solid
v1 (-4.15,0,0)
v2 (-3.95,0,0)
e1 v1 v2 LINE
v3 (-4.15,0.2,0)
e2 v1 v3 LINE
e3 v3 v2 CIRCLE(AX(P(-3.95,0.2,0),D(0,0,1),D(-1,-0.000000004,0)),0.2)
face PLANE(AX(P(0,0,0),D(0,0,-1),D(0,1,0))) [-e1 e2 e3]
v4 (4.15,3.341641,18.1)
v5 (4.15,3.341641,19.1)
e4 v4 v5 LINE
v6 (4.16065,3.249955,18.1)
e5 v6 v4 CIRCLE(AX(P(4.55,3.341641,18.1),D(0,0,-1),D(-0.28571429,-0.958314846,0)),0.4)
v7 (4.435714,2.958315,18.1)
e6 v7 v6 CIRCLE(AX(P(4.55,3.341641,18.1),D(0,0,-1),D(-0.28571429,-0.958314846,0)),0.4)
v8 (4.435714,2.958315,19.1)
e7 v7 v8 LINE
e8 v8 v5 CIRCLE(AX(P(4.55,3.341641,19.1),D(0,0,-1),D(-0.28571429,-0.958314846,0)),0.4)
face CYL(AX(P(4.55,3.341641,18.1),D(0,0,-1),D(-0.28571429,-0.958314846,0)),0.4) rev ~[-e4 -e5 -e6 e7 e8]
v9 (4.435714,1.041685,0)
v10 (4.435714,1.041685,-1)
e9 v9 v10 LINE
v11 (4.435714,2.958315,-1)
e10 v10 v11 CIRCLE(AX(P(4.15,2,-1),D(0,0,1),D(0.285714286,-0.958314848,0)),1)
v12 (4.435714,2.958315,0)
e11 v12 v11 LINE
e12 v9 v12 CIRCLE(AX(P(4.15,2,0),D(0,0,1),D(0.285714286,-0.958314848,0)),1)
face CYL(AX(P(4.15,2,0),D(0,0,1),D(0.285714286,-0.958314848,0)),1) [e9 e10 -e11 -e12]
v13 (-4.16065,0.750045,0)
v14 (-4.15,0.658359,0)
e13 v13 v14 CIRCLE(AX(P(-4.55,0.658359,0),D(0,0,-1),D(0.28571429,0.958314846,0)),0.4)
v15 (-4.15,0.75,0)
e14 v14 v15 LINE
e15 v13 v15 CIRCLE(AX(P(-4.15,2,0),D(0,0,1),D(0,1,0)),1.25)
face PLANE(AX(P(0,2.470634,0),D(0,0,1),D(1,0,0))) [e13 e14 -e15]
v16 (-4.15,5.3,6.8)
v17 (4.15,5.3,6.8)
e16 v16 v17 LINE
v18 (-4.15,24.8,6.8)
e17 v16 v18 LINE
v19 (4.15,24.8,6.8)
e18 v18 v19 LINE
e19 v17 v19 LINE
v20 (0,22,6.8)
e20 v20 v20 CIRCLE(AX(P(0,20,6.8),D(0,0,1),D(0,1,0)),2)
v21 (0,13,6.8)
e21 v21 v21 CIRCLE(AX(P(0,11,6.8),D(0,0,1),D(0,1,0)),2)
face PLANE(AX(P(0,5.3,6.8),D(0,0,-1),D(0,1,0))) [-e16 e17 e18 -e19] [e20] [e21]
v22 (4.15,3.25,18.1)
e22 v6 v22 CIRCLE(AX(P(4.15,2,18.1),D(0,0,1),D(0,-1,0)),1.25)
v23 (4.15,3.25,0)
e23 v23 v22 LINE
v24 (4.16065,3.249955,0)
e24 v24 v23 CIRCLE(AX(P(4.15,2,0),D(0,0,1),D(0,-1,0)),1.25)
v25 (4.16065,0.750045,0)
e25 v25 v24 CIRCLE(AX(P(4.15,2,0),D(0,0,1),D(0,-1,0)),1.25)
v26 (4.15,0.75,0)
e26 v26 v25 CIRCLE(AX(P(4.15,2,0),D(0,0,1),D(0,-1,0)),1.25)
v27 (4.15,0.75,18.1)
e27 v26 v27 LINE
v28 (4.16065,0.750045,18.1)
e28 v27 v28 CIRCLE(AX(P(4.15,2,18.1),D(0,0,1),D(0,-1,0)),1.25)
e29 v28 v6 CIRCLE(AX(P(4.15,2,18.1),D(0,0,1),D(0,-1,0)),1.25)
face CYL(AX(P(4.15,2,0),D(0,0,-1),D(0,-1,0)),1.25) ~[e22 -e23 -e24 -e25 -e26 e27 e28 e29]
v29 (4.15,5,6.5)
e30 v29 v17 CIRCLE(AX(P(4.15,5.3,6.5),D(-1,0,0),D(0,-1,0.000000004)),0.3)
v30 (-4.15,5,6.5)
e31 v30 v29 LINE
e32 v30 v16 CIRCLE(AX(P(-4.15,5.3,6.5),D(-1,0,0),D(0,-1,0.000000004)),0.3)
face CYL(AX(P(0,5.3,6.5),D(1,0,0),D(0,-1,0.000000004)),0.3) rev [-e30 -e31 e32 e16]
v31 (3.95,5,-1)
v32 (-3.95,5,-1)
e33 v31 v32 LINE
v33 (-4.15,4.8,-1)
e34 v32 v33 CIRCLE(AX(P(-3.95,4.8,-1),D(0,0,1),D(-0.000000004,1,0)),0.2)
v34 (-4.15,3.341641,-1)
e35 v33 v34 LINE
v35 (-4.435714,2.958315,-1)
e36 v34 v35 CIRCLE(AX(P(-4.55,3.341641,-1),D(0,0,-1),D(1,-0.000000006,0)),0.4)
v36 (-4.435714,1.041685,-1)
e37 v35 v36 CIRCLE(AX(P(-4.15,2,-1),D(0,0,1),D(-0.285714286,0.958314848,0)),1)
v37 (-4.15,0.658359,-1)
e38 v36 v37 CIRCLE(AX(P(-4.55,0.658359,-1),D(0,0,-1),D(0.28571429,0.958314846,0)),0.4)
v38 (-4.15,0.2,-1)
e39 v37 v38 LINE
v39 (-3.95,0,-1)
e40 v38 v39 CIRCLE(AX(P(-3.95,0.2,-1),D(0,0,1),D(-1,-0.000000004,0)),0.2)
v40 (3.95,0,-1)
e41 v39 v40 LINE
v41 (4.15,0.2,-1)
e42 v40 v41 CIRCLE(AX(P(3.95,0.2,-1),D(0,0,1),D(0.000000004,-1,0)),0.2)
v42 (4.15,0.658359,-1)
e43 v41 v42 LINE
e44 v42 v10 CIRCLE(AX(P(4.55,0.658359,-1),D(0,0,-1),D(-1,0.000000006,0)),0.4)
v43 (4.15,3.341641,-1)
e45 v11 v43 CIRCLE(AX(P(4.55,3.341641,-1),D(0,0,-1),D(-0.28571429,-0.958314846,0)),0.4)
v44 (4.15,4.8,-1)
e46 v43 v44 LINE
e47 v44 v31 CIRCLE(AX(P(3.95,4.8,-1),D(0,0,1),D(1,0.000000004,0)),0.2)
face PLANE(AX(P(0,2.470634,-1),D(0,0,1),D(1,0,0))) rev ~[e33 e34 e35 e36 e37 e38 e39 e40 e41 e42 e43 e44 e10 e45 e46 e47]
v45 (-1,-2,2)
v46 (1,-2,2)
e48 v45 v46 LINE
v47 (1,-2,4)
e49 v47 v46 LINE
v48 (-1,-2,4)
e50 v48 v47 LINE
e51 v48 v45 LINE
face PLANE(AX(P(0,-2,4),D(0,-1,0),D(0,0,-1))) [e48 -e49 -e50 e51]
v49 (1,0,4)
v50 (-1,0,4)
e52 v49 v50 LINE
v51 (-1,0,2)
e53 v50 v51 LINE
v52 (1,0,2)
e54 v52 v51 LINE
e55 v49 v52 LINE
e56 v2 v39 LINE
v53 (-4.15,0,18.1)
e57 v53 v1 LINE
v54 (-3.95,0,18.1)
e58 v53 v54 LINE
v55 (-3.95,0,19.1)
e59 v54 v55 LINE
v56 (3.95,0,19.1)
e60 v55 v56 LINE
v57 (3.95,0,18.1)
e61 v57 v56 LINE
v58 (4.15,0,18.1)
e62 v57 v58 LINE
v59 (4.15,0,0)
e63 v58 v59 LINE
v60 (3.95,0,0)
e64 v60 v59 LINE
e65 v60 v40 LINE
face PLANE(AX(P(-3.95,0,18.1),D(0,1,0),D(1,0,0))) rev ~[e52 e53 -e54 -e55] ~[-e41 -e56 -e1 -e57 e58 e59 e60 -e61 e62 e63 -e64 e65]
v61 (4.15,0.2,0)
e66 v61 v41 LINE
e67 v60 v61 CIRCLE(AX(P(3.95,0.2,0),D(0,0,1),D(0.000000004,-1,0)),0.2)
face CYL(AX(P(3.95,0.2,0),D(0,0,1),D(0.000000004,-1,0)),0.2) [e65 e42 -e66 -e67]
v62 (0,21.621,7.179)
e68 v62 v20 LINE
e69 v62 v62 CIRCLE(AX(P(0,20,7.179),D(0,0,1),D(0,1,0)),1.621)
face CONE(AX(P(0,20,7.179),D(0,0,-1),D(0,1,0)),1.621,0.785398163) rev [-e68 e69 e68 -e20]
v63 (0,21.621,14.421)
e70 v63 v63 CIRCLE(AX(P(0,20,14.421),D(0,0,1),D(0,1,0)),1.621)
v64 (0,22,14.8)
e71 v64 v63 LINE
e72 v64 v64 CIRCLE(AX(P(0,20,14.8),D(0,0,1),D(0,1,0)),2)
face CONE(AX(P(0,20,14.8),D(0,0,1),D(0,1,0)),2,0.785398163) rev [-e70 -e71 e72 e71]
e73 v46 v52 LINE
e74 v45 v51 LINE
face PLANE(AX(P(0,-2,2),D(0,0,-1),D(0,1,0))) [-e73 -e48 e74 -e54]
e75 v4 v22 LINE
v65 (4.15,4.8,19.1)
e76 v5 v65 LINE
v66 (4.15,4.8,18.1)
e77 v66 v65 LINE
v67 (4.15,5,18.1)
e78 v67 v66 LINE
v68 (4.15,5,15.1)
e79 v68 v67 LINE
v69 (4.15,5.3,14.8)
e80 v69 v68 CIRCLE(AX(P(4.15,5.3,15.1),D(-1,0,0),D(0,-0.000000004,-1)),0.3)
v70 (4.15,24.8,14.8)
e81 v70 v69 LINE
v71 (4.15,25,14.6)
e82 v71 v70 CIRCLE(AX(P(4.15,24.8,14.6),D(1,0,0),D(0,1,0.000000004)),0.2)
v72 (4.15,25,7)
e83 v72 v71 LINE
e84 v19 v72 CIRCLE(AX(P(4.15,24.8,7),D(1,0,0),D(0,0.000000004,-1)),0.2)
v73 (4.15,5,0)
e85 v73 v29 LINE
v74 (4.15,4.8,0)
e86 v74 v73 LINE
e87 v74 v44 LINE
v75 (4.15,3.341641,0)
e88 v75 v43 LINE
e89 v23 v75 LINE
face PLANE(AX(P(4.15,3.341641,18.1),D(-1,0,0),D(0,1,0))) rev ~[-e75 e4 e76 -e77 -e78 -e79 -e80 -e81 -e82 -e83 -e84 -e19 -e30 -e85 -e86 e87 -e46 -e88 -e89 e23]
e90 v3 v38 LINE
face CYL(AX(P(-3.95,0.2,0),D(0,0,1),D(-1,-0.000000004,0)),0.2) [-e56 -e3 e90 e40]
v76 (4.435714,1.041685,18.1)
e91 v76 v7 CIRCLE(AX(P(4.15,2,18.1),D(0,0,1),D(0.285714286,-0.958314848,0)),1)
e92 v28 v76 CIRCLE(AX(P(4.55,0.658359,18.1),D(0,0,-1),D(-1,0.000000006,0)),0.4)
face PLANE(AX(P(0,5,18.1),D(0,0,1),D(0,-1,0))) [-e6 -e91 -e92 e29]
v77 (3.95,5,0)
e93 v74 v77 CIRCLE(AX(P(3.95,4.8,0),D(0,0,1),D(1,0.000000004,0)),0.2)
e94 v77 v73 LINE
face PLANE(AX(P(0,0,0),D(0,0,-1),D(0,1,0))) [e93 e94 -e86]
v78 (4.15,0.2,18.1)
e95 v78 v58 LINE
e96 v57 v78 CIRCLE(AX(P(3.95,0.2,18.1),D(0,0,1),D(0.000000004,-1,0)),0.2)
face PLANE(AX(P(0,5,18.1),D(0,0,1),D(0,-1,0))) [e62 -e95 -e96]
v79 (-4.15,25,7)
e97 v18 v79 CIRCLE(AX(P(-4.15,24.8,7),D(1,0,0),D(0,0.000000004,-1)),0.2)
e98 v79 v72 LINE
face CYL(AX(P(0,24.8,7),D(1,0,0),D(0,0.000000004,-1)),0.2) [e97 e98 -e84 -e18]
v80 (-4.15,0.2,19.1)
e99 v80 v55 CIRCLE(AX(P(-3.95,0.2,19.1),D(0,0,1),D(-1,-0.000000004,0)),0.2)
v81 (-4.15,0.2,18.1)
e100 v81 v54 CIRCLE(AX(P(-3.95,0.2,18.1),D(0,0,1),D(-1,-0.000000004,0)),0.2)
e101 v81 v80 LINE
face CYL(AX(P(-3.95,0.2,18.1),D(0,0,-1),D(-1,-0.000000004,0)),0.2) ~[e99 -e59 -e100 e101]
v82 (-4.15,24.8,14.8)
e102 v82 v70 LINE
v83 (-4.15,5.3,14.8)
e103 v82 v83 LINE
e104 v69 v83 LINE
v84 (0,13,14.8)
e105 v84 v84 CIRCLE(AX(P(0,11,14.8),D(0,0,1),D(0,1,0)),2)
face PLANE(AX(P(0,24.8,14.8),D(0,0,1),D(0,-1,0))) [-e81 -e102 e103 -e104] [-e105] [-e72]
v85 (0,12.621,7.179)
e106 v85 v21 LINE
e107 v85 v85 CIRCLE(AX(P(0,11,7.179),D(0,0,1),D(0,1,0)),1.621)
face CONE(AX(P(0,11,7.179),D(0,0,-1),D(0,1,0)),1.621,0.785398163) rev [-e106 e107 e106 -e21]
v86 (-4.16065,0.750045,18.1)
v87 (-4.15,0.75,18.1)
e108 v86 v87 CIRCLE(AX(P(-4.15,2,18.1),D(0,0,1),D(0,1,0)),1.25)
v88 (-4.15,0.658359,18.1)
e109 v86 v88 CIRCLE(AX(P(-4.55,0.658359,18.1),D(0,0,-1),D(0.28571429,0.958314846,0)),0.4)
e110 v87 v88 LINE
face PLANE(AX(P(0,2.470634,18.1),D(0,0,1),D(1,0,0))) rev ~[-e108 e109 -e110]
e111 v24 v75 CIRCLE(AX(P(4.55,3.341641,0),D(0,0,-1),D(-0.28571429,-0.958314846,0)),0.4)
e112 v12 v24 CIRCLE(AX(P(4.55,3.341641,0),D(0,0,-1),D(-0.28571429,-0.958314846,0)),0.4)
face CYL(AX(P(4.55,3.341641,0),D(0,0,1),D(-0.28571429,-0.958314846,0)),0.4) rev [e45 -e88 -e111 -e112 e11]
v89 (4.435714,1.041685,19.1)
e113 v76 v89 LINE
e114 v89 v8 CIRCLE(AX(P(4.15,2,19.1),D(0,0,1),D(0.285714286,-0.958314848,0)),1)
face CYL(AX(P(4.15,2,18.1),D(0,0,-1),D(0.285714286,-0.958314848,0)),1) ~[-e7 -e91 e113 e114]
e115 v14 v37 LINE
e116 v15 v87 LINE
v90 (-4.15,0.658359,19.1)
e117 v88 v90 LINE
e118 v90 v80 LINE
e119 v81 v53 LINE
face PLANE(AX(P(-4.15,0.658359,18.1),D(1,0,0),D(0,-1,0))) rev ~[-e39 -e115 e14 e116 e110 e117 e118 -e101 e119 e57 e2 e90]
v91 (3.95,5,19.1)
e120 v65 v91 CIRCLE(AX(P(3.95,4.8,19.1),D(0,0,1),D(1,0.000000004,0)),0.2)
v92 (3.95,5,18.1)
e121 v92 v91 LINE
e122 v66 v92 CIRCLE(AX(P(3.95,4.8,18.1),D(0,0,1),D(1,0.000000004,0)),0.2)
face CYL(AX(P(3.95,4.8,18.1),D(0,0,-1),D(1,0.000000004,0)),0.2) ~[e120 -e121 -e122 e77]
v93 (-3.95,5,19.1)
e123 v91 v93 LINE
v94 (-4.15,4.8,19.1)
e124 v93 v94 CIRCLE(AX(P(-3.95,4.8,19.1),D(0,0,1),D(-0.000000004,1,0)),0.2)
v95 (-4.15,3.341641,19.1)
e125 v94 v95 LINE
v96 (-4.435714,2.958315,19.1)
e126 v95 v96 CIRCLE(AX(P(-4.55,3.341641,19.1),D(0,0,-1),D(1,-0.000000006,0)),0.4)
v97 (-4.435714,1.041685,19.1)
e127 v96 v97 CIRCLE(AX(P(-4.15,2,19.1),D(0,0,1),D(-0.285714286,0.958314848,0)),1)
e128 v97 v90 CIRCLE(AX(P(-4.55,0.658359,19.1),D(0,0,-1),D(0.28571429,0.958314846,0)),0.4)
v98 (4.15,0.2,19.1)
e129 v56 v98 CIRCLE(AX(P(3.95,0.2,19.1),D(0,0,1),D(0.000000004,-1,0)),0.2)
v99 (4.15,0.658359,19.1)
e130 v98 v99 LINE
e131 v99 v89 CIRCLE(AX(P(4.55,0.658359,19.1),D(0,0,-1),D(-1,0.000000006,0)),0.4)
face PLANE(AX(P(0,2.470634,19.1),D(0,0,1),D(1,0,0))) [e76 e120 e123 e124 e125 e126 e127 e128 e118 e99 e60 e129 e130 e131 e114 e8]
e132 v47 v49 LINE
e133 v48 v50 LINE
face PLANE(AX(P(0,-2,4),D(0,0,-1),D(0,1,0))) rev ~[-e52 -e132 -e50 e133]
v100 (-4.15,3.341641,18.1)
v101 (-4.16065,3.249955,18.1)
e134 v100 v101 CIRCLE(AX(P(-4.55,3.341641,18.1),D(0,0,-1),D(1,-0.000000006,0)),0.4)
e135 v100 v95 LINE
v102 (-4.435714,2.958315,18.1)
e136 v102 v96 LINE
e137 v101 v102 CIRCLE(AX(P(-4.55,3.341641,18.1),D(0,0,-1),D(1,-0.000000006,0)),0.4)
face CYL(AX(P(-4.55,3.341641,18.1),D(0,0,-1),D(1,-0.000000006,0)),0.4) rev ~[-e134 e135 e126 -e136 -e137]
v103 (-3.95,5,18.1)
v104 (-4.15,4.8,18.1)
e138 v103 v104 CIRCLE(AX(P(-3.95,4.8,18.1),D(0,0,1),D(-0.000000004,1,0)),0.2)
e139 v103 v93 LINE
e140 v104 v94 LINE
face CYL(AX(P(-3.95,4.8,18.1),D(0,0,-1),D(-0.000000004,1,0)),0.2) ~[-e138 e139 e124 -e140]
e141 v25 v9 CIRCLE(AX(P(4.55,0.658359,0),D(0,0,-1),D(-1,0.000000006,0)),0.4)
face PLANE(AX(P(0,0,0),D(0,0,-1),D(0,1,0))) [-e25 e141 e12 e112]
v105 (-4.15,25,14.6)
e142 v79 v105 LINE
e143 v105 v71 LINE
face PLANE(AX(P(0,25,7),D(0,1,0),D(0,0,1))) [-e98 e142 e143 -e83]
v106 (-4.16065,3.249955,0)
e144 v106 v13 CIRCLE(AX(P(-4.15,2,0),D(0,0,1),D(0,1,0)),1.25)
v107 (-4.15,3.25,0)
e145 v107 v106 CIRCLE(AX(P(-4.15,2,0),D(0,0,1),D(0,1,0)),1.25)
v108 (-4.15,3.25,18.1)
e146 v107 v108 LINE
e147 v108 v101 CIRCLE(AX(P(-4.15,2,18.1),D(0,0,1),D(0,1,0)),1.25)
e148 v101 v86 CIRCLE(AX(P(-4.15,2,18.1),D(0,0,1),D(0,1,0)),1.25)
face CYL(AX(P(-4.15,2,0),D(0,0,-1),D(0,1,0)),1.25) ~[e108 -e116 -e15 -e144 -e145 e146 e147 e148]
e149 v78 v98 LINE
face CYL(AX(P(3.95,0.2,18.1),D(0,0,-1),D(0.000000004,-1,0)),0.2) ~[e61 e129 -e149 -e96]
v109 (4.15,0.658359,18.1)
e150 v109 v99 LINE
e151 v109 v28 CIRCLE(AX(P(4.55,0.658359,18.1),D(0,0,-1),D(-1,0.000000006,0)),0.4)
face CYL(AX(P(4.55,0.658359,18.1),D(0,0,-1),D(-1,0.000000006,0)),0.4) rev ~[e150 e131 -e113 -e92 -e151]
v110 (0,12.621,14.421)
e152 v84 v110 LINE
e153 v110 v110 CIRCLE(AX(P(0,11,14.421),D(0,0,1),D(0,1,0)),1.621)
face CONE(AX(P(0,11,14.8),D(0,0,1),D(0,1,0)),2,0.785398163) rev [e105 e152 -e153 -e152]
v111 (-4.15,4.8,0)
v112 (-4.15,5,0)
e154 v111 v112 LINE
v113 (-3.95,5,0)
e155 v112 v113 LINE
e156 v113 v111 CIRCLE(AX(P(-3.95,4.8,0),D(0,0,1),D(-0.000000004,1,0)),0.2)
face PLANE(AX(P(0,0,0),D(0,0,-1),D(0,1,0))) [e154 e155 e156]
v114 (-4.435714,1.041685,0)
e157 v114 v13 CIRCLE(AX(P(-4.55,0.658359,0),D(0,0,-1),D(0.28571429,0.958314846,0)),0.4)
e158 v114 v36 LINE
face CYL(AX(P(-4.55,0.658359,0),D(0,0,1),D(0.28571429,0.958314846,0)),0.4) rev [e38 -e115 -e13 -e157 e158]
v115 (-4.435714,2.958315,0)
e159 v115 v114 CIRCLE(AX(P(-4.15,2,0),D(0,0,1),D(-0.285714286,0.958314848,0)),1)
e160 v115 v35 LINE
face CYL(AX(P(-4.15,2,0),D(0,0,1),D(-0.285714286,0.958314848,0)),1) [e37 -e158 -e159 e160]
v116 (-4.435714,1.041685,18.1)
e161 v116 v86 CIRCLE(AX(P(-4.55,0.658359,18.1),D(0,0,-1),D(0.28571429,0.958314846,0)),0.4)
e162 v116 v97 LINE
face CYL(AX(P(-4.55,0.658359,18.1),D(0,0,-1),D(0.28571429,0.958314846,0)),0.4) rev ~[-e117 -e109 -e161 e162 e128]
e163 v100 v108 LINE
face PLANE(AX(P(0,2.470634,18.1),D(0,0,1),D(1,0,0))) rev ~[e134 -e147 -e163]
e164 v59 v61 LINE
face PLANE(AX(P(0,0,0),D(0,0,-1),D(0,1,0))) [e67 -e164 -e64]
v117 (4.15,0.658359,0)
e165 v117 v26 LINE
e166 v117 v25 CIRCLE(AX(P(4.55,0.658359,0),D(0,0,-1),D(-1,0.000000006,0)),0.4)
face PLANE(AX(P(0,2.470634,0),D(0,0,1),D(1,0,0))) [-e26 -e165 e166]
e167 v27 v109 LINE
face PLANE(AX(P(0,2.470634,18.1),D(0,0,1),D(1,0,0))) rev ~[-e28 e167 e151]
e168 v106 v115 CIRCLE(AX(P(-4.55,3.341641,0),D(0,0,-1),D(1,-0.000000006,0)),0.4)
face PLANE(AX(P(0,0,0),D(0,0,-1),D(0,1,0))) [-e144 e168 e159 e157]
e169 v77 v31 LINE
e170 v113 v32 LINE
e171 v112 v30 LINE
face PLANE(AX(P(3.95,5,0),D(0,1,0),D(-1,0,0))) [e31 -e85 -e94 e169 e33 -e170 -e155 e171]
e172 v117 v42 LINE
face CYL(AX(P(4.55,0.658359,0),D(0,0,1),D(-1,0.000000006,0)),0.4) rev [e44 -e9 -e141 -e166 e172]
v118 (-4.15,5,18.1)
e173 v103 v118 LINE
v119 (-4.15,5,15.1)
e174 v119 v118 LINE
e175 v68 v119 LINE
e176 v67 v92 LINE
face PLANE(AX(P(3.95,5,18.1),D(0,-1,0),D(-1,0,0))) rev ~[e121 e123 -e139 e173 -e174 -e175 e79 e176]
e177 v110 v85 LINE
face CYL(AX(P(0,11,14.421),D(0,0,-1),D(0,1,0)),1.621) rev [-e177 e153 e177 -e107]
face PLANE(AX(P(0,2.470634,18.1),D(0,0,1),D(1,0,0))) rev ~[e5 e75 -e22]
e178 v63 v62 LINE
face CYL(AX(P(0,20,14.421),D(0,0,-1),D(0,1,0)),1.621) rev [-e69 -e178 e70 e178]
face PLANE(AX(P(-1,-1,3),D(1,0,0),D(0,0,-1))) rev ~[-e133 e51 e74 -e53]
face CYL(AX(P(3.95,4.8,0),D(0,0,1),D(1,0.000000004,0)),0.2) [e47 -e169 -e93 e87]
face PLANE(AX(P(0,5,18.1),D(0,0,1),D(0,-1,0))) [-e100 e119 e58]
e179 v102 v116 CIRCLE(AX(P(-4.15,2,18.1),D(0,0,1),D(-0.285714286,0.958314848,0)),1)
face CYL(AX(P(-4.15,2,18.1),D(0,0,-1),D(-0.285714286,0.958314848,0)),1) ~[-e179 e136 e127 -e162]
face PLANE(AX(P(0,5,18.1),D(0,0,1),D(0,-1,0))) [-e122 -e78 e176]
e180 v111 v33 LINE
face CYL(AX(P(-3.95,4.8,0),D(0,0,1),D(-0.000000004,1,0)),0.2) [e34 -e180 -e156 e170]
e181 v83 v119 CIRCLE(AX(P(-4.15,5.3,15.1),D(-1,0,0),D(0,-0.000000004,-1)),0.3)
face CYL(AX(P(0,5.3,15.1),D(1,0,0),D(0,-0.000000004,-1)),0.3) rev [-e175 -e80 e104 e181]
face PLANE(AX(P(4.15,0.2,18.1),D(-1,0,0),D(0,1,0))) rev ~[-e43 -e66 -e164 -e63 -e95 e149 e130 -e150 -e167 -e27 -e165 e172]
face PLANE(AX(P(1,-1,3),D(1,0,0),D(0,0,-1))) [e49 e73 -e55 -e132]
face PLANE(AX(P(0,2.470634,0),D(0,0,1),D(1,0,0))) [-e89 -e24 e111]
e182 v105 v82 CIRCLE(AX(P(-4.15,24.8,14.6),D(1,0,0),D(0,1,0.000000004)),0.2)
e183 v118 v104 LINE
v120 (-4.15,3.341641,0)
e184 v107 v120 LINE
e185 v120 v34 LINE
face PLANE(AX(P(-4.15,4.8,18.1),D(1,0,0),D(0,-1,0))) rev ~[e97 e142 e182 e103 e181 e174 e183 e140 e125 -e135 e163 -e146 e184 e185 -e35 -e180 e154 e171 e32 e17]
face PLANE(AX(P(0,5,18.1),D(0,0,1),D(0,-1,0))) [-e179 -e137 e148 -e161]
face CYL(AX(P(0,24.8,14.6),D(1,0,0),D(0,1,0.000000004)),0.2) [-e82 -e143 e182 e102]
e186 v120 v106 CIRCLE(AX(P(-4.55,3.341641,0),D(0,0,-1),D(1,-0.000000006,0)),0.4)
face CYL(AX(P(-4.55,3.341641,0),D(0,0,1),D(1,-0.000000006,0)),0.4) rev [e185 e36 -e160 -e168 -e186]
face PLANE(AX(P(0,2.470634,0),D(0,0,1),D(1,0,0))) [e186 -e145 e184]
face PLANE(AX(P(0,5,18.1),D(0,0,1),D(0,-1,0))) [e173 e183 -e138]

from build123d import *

# Parameters (mm, degrees)
BOSS_EXTRUDE1_DEPTH      = 4.15
BOSS_EXTRUDE1_DEPTH_BACK = 4.15
BOSS_EXTRUDE2_DEPTH      = 18.1
BOSS_EXTRUDE3_DEPTH      = 1
BOSS_EXTRUDE4_DEPTH      = 1
SKETCH7_W                = 2
SKETCH7_H                = 2
BOSS_EXTRUDE5_DEPTH      = 1
BOSS_EXTRUDE5_DEPTH_BACK = 1


with BuildPart() as part:
    # Sketch1 → Boss-Extrude1 (new body, two sides)
    with BuildSketch(Plane(origin=(0, 0, 0), x_dir=(0, 0, -1), z_dir=(1, 0, 0))) as boss_extrude1_sk:
        with BuildLine():
            Line((-18.1, 5), (-18.1, 0))
            Line((-18.1, 0), (0, 0))
            Line((0, 0), (0, 5))
            Line((0, 5), (-6.5, 5))
            ThreePointArc((-6.5, 5), (-6.712132034, 5.087867966), (-6.8, 5.3))
            Line((-6.8, 5.3), (-6.8, 24.8))
            ThreePointArc((-6.8, 24.8), (-6.858578644, 24.941421356), (-7, 25))
            Line((-7, 25), (-14.6, 25))
            ThreePointArc((-14.6, 25), (-14.741421356, 24.941421356), (-14.8, 24.8))
            Line((-14.8, 24.8), (-14.8, 5.3))
            ThreePointArc((-14.8, 5.3), (-14.887867966, 5.087867966), (-15.1, 5))
            Line((-15.1, 5), (-18.1, 5))
        make_face()
    extrude(amount=BOSS_EXTRUDE1_DEPTH)
    extrude(boss_extrude1_sk.sketch, amount=-BOSS_EXTRUDE1_DEPTH_BACK)

    # Sketch2 → Cut-Revolve1 (revolve, cut)
    with BuildSketch(Plane(origin=(0, 0, 0), x_dir=(0, 0, -1), z_dir=(1, 0, 0))):
        Polygon((-14.8, 20), (-14.8, 22), (-14.421, 21.621), (-7.179, 21.621), (-6.8, 22), (-6.8, 20), align=None)
    revolve(axis=Axis((0, 20, 6.8), (0, 0, 1)), mode=Mode.SUBTRACT)

    # Sketch3 → Cut-Revolve2 (revolve, cut)
    with BuildSketch(Plane(origin=(0, 0, 0), x_dir=(0, 0, -1), z_dir=(1, 0, 0))):
        Polygon((-14.8, 11), (-14.8, 13), (-14.421, 12.621), (-7.179, 12.621), (-6.8, 13), (-6.8, 11), align=None)
    revolve(axis=Axis((0, 11, 6.8), (0, 0, 1)), mode=Mode.SUBTRACT)

    # Sketch4 → Boss-Extrude2 (add)
    with BuildSketch(Plane.XY):
        with BuildLine():
            Line((-4.15, 0.75), (4.15, 0.75))
            ThreePointArc((4.15, 0.75), (5.4, 2), (4.15, 3.25))
            Line((4.15, 3.25), (-4.15, 3.25))
            ThreePointArc((-4.15, 3.25), (-5.4, 2), (-4.15, 0.75))
        make_face()
    extrude(amount=BOSS_EXTRUDE2_DEPTH)

    # Sketch5 → Boss-Extrude3 (add)
    with BuildSketch(Plane.XY):
        with BuildLine():
            Line((-4.15, 0.658359214), (-4.15, 0.2))
            ThreePointArc((-4.15, 0.2), (-4.091421356, 0.058578644), (-3.95, 0))
            Line((-3.95, 0), (3.95, 0))
            ThreePointArc((3.95, 0), (4.091421356, 0.058578644), (4.15, 0.2))
            Line((4.15, 0.2), (4.15, 0.658359214))
            ThreePointArc((4.15, 0.658359214), (4.22928651, 0.897404935), (4.435714286, 1.041685153))
            ThreePointArc((4.435714286, 1.041685153), (5.15, 2), (4.435714286, 2.958314847))
            ThreePointArc((4.435714286, 2.958314847), (4.22928651, 3.102595065), (4.15, 3.341640786))
            Line((4.15, 3.341640786), (4.15, 4.8))
            ThreePointArc((4.15, 4.8), (4.091421356, 4.941421356), (3.95, 5))
            Line((3.95, 5), (-3.95, 5))
            ThreePointArc((-3.95, 5), (-4.091421356, 4.941421356), (-4.15, 4.8))
            Line((-4.15, 4.8), (-4.15, 3.341640786))
            ThreePointArc((-4.15, 3.341640786), (-4.22928651, 3.102595065), (-4.435714286, 2.958314847))
            ThreePointArc((-4.435714286, 2.958314847), (-5.15, 2), (-4.435714286, 1.041685153))
            ThreePointArc((-4.435714286, 1.041685153), (-4.22928651, 0.897404935), (-4.15, 0.658359214))
        make_face()
    extrude(amount=-BOSS_EXTRUDE3_DEPTH)

    # Sketch6 → Boss-Extrude4 (add)
    with BuildSketch(Plane.XY.offset(18.1)):
        with BuildLine():
            Line((-4.15, 0.658359214), (-4.15, 0.2))
            ThreePointArc((-4.15, 0.2), (-4.091421356, 0.058578644), (-3.95, 0))
            Line((-3.95, 0), (3.95, 0))
            ThreePointArc((3.95, 0), (4.091421356, 0.058578644), (4.15, 0.2))
            Line((4.15, 0.2), (4.15, 0.658359214))
            ThreePointArc((4.15, 0.658359214), (4.22928651, 0.897404935), (4.435714286, 1.041685153))
            ThreePointArc((4.435714286, 1.041685153), (5.15, 2), (4.435714286, 2.958314847))
            ThreePointArc((4.435714286, 2.958314847), (4.22928651, 3.102595065), (4.15, 3.341640786))
            Line((4.15, 3.341640786), (4.15, 4.8))
            ThreePointArc((4.15, 4.8), (4.091421356, 4.941421356), (3.95, 5))
            Line((3.95, 5), (-3.95, 5))
            ThreePointArc((-3.95, 5), (-4.091421356, 4.941421356), (-4.15, 4.8))
            Line((-4.15, 4.8), (-4.15, 3.341640786))
            ThreePointArc((-4.15, 3.341640786), (-4.22928651, 3.102595065), (-4.435714286, 2.958314847))
            ThreePointArc((-4.435714286, 2.958314847), (-5.15, 2), (-4.435714286, 1.041685153))
            ThreePointArc((-4.435714286, 1.041685153), (-4.22928651, 0.897404935), (-4.15, 0.658359214))
        make_face()
    extrude(amount=BOSS_EXTRUDE4_DEPTH)

    # Sketch7 → Boss-Extrude5 (add, two sides)
    with BuildSketch(Plane(origin=(0, 0, 0), x_dir=(0, 0, -1), z_dir=(1, 0, 0))) as boss_extrude5_sk:
        with Locations((-3, -1)):
            Rectangle(SKETCH7_W, SKETCH7_H)
    extrude(amount=BOSS_EXTRUDE5_DEPTH)
    extrude(boss_extrude5_sk.sketch, amount=-BOSS_EXTRUDE5_DEPTH_BACK)


solid = part.part
